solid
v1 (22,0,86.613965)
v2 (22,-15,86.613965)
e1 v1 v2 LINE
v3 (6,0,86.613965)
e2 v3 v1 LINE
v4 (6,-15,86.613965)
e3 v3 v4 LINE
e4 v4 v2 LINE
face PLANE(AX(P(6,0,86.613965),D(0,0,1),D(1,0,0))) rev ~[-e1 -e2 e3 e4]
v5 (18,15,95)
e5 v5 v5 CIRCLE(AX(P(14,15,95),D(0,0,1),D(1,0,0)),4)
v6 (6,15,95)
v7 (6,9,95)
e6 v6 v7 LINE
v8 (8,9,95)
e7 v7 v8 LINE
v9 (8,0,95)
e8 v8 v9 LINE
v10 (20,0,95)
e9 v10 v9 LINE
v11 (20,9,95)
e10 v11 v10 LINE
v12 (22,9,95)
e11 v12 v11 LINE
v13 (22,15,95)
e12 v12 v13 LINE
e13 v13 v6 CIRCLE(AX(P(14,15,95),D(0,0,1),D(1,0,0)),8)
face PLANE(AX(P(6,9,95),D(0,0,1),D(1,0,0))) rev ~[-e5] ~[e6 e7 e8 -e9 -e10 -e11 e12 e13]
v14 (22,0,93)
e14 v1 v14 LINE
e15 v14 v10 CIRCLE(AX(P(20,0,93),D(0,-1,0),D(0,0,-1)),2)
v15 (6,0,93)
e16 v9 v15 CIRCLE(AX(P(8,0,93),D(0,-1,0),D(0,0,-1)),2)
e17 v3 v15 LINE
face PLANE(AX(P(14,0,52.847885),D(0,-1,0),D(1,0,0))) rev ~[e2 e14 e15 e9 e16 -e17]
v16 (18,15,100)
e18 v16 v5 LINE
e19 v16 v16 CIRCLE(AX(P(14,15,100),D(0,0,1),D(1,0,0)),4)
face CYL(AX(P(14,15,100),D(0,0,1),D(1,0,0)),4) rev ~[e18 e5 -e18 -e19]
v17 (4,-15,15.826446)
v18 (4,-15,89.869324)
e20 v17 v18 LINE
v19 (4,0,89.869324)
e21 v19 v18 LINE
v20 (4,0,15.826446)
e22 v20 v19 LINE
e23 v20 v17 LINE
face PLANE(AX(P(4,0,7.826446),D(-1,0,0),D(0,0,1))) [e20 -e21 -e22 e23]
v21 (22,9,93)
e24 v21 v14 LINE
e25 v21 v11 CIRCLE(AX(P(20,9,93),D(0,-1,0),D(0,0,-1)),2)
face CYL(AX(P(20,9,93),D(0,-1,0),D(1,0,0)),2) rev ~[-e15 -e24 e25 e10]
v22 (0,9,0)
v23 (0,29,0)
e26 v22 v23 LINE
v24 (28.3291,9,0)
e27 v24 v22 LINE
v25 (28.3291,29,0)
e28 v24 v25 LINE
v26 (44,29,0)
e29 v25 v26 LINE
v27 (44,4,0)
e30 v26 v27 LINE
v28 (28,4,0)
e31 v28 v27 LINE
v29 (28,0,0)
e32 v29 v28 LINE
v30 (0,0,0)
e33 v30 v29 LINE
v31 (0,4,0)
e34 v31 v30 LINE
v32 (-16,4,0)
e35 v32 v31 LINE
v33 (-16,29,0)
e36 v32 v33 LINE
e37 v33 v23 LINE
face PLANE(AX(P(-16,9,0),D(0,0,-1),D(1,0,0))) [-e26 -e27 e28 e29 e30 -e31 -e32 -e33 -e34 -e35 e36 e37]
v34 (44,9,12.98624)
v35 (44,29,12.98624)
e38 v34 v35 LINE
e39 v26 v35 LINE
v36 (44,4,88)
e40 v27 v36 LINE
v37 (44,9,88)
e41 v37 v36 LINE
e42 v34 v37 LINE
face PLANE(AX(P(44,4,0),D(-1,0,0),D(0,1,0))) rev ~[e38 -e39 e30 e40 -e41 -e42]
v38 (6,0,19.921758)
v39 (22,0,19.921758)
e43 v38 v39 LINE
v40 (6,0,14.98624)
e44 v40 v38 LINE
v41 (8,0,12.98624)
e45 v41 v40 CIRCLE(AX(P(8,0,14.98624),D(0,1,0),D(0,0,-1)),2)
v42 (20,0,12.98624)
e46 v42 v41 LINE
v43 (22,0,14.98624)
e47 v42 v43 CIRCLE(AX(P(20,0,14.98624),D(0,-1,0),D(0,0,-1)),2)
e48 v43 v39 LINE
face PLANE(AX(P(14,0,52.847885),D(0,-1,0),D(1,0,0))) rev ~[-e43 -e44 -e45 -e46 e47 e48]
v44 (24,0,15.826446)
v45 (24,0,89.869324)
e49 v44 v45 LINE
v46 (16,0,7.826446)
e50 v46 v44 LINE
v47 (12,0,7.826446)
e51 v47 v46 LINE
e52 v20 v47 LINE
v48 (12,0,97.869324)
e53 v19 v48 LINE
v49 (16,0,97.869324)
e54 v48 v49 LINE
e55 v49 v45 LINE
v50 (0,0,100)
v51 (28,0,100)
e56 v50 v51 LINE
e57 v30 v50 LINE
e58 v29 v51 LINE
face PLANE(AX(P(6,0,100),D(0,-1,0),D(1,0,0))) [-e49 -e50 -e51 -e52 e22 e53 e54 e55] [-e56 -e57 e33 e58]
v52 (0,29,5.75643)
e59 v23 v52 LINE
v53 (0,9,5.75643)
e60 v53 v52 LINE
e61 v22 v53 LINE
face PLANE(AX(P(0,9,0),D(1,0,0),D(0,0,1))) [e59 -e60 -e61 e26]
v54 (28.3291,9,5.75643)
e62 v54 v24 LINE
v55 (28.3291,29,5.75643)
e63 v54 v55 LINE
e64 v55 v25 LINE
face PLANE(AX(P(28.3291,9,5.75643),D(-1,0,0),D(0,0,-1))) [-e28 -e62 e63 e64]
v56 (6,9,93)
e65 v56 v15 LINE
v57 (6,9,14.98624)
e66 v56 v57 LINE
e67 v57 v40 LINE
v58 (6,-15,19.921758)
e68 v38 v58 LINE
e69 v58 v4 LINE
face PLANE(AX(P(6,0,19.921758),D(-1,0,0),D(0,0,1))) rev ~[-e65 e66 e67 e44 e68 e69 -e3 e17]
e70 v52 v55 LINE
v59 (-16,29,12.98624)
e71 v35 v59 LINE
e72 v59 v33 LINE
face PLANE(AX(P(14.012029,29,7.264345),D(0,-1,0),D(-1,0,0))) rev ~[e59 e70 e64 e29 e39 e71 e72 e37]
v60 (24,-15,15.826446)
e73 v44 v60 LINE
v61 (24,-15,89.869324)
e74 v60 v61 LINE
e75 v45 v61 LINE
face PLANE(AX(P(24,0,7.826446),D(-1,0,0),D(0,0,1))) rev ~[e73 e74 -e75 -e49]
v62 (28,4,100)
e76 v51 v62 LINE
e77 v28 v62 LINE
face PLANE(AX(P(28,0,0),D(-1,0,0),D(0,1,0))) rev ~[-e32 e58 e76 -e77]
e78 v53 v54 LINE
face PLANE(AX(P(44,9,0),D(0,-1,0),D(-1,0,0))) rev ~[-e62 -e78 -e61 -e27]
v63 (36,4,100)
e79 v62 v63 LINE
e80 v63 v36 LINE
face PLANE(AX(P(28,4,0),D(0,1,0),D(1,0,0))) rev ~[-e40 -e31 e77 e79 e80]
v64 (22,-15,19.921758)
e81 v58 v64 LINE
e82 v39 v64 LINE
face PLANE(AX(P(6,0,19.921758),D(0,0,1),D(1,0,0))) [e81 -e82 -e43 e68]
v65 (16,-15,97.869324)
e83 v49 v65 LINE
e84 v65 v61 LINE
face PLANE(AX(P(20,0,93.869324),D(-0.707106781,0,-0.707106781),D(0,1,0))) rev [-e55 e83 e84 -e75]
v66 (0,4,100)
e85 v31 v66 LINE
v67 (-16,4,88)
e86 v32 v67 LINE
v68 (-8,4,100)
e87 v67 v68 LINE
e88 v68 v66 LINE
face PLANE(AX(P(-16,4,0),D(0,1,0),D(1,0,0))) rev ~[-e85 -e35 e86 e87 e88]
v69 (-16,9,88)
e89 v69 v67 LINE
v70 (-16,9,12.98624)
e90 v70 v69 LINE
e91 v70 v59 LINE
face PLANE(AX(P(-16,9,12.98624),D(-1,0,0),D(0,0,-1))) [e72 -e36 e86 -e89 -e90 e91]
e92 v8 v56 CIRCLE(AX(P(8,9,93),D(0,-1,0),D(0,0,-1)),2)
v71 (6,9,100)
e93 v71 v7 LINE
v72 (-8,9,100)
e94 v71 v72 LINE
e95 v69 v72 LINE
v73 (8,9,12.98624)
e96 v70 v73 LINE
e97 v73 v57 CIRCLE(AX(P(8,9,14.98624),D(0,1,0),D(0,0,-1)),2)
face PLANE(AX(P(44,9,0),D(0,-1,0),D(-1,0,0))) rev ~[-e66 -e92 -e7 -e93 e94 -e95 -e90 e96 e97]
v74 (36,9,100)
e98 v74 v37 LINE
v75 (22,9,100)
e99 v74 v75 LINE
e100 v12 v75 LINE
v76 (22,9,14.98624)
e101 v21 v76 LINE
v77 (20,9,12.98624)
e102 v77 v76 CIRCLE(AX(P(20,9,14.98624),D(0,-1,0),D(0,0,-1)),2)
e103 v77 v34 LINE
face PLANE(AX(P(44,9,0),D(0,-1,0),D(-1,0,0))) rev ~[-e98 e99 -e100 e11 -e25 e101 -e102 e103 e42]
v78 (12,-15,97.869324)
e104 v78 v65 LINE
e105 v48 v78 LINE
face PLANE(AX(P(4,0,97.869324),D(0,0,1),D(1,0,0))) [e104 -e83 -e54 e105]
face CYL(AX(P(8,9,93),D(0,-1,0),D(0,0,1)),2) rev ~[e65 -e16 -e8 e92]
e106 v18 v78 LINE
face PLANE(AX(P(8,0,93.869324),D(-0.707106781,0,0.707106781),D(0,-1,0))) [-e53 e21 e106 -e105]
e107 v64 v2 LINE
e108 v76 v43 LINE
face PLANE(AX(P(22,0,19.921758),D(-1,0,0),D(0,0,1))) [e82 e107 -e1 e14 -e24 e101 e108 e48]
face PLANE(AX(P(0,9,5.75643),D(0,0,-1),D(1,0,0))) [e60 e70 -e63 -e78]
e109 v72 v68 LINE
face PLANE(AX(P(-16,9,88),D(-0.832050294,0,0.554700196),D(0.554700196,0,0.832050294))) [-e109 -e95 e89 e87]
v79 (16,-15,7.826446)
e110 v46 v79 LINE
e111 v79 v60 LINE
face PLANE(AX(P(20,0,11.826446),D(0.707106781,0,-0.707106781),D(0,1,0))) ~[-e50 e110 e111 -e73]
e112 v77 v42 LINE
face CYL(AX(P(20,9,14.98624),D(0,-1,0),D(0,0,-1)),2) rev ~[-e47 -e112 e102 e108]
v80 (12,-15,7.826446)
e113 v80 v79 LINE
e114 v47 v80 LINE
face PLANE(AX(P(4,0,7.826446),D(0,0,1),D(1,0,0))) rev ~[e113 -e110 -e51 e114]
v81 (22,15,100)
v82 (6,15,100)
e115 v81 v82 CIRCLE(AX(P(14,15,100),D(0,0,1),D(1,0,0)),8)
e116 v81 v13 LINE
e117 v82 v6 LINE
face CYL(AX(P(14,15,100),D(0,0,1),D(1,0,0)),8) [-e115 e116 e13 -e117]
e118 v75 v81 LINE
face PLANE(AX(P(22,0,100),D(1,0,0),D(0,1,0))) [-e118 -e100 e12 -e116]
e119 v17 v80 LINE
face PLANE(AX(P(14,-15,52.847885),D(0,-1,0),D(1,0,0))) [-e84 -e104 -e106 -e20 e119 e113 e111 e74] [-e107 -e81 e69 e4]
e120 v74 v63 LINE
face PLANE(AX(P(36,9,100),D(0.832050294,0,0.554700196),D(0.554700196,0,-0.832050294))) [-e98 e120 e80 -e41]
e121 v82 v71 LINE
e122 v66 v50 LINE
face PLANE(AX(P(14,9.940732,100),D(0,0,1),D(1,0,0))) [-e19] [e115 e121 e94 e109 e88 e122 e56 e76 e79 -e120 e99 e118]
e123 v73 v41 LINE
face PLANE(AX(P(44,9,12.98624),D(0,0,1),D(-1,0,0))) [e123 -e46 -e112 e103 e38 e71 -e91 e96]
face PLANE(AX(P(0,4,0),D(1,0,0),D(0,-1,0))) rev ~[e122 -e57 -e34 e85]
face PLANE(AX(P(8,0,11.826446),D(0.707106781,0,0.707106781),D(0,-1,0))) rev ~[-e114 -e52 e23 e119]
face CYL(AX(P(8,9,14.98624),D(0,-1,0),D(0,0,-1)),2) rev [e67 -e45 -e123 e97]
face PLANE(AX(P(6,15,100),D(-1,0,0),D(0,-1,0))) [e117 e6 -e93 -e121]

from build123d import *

# Parameters (mm, degrees)
BOSS_EXTRUDE1_DEPTH = 100
SKETCH2_R           = 4
BOSS_EXTRUDE2_DEPTH = 5
CUT_EXTRUDE1_DEPTH  = 111.145358504
BOSS_EXTRUDE3_DEPTH = 20
SKETCH6_W           = 16
SKETCH6_H           = 82.013760225
CUT_EXTRUDE2_DEPTH  = 20
FILLET1_R           = 2
SKETCH7_W           = 20
SKETCH7_H           = 90.042878707
SKETCH7_W_2         = 16
SKETCH7_H_2         = 66.692206804
BOSS_EXTRUDE4_DEPTH = 15
CHAMFER1_SIZE       = 8


with BuildPart() as part:
    # Sketch1 → Boss-Extrude1 (new body)
    with BuildSketch(Plane.XY):
        Polygon((28, 4), (44, 4), (44, 9), (-16, 9), (-16, 4), (0, 4), (0, 0), (28, 0), align=None)
    extrude(amount=BOSS_EXTRUDE1_DEPTH)

    # Sketch2 → Boss-Extrude2 (add)
    with BuildSketch(Plane.XY.offset(100)):
        with BuildLine():
            Line((6, 15), (6, 0))
            Line((6, 0), (22, 0))
            Line((22, 0), (22, 15))
            ThreePointArc((22, 15), (14, 23), (6, 15))
        make_face()
        with Locations((14, 15)):
            Circle(SKETCH2_R, mode=Mode.SUBTRACT)
    extrude(amount=-BOSS_EXTRUDE2_DEPTH)

    # Sketch3 → Cut-Extrude1 (cut, through all)
    with BuildSketch(Plane(origin=(0, 9, 0), x_dir=(1, 0, 0), z_dir=(0, 1, 0))):
        Polygon((36, -100), (44, -88), (44, -100), align=None)
        Polygon((-8, -100), (-16, -100), (-16, -88), align=None)
    extrude(amount=-CUT_EXTRUDE1_DEPTH, mode=Mode.SUBTRACT)

    # Sketch5 → Boss-Extrude3 (add)
    with BuildSketch(Plane(origin=(0, 9, 0), x_dir=(1, 0, 0), z_dir=(0, 1, 0))):
        Polygon((-16, 0), (0, 0), (0, -5.756429966), (28.329099736, -5.756429966), (28.329099736, 0), (44, 0), (44, -12.986239775), (-16, -12.986239775), align=None)
    extrude(amount=BOSS_EXTRUDE3_DEPTH)

    # Sketch6 → Cut-Extrude2 (cut)
    with BuildSketch(Plane(origin=(0, 9, 0), x_dir=(1, 0, 0), z_dir=(0, 1, 0))):
        with Locations((14, -53.993119888)):
            Rectangle(SKETCH6_W, SKETCH6_H)
    extrude(amount=-CUT_EXTRUDE2_DEPTH, mode=Mode.SUBTRACT)

    # Fillet1
    fillet1_edges = [part.edges().sort_by_distance(p)[0] for p in [
        (6, 4.5, 12.986239775),
        (22, 4.5, 12.986239775),
        (22, 4.5, 95),
        (6, 4.5, 95),
    ]]
    fillet(fillet1_edges, radius=FILLET1_R)

    # Sketch7 → Boss-Extrude4 (add)
    with BuildSketch(Plane.XZ):
        with Locations((14, 52.847885125)):
            Rectangle(SKETCH7_W, SKETCH7_H)
        with Locations((14, 53.267861238)):
            Rectangle(SKETCH7_W_2, SKETCH7_H_2, mode=Mode.SUBTRACT)
    extrude(amount=BOSS_EXTRUDE4_DEPTH)

    # Chamfer1
    chamfer1_edges = [part.edges().sort_by_distance(p)[0] for p in [
        (4, -7.5, 97.869324478),
        (4, -7.5, 7.826445771),
        (24, -7.5, 7.826445771),
        (24, -7.5, 97.869324478),
    ]]
    chamfer(chamfer1_edges, length=CHAMFER1_SIZE)


solid = part.part
